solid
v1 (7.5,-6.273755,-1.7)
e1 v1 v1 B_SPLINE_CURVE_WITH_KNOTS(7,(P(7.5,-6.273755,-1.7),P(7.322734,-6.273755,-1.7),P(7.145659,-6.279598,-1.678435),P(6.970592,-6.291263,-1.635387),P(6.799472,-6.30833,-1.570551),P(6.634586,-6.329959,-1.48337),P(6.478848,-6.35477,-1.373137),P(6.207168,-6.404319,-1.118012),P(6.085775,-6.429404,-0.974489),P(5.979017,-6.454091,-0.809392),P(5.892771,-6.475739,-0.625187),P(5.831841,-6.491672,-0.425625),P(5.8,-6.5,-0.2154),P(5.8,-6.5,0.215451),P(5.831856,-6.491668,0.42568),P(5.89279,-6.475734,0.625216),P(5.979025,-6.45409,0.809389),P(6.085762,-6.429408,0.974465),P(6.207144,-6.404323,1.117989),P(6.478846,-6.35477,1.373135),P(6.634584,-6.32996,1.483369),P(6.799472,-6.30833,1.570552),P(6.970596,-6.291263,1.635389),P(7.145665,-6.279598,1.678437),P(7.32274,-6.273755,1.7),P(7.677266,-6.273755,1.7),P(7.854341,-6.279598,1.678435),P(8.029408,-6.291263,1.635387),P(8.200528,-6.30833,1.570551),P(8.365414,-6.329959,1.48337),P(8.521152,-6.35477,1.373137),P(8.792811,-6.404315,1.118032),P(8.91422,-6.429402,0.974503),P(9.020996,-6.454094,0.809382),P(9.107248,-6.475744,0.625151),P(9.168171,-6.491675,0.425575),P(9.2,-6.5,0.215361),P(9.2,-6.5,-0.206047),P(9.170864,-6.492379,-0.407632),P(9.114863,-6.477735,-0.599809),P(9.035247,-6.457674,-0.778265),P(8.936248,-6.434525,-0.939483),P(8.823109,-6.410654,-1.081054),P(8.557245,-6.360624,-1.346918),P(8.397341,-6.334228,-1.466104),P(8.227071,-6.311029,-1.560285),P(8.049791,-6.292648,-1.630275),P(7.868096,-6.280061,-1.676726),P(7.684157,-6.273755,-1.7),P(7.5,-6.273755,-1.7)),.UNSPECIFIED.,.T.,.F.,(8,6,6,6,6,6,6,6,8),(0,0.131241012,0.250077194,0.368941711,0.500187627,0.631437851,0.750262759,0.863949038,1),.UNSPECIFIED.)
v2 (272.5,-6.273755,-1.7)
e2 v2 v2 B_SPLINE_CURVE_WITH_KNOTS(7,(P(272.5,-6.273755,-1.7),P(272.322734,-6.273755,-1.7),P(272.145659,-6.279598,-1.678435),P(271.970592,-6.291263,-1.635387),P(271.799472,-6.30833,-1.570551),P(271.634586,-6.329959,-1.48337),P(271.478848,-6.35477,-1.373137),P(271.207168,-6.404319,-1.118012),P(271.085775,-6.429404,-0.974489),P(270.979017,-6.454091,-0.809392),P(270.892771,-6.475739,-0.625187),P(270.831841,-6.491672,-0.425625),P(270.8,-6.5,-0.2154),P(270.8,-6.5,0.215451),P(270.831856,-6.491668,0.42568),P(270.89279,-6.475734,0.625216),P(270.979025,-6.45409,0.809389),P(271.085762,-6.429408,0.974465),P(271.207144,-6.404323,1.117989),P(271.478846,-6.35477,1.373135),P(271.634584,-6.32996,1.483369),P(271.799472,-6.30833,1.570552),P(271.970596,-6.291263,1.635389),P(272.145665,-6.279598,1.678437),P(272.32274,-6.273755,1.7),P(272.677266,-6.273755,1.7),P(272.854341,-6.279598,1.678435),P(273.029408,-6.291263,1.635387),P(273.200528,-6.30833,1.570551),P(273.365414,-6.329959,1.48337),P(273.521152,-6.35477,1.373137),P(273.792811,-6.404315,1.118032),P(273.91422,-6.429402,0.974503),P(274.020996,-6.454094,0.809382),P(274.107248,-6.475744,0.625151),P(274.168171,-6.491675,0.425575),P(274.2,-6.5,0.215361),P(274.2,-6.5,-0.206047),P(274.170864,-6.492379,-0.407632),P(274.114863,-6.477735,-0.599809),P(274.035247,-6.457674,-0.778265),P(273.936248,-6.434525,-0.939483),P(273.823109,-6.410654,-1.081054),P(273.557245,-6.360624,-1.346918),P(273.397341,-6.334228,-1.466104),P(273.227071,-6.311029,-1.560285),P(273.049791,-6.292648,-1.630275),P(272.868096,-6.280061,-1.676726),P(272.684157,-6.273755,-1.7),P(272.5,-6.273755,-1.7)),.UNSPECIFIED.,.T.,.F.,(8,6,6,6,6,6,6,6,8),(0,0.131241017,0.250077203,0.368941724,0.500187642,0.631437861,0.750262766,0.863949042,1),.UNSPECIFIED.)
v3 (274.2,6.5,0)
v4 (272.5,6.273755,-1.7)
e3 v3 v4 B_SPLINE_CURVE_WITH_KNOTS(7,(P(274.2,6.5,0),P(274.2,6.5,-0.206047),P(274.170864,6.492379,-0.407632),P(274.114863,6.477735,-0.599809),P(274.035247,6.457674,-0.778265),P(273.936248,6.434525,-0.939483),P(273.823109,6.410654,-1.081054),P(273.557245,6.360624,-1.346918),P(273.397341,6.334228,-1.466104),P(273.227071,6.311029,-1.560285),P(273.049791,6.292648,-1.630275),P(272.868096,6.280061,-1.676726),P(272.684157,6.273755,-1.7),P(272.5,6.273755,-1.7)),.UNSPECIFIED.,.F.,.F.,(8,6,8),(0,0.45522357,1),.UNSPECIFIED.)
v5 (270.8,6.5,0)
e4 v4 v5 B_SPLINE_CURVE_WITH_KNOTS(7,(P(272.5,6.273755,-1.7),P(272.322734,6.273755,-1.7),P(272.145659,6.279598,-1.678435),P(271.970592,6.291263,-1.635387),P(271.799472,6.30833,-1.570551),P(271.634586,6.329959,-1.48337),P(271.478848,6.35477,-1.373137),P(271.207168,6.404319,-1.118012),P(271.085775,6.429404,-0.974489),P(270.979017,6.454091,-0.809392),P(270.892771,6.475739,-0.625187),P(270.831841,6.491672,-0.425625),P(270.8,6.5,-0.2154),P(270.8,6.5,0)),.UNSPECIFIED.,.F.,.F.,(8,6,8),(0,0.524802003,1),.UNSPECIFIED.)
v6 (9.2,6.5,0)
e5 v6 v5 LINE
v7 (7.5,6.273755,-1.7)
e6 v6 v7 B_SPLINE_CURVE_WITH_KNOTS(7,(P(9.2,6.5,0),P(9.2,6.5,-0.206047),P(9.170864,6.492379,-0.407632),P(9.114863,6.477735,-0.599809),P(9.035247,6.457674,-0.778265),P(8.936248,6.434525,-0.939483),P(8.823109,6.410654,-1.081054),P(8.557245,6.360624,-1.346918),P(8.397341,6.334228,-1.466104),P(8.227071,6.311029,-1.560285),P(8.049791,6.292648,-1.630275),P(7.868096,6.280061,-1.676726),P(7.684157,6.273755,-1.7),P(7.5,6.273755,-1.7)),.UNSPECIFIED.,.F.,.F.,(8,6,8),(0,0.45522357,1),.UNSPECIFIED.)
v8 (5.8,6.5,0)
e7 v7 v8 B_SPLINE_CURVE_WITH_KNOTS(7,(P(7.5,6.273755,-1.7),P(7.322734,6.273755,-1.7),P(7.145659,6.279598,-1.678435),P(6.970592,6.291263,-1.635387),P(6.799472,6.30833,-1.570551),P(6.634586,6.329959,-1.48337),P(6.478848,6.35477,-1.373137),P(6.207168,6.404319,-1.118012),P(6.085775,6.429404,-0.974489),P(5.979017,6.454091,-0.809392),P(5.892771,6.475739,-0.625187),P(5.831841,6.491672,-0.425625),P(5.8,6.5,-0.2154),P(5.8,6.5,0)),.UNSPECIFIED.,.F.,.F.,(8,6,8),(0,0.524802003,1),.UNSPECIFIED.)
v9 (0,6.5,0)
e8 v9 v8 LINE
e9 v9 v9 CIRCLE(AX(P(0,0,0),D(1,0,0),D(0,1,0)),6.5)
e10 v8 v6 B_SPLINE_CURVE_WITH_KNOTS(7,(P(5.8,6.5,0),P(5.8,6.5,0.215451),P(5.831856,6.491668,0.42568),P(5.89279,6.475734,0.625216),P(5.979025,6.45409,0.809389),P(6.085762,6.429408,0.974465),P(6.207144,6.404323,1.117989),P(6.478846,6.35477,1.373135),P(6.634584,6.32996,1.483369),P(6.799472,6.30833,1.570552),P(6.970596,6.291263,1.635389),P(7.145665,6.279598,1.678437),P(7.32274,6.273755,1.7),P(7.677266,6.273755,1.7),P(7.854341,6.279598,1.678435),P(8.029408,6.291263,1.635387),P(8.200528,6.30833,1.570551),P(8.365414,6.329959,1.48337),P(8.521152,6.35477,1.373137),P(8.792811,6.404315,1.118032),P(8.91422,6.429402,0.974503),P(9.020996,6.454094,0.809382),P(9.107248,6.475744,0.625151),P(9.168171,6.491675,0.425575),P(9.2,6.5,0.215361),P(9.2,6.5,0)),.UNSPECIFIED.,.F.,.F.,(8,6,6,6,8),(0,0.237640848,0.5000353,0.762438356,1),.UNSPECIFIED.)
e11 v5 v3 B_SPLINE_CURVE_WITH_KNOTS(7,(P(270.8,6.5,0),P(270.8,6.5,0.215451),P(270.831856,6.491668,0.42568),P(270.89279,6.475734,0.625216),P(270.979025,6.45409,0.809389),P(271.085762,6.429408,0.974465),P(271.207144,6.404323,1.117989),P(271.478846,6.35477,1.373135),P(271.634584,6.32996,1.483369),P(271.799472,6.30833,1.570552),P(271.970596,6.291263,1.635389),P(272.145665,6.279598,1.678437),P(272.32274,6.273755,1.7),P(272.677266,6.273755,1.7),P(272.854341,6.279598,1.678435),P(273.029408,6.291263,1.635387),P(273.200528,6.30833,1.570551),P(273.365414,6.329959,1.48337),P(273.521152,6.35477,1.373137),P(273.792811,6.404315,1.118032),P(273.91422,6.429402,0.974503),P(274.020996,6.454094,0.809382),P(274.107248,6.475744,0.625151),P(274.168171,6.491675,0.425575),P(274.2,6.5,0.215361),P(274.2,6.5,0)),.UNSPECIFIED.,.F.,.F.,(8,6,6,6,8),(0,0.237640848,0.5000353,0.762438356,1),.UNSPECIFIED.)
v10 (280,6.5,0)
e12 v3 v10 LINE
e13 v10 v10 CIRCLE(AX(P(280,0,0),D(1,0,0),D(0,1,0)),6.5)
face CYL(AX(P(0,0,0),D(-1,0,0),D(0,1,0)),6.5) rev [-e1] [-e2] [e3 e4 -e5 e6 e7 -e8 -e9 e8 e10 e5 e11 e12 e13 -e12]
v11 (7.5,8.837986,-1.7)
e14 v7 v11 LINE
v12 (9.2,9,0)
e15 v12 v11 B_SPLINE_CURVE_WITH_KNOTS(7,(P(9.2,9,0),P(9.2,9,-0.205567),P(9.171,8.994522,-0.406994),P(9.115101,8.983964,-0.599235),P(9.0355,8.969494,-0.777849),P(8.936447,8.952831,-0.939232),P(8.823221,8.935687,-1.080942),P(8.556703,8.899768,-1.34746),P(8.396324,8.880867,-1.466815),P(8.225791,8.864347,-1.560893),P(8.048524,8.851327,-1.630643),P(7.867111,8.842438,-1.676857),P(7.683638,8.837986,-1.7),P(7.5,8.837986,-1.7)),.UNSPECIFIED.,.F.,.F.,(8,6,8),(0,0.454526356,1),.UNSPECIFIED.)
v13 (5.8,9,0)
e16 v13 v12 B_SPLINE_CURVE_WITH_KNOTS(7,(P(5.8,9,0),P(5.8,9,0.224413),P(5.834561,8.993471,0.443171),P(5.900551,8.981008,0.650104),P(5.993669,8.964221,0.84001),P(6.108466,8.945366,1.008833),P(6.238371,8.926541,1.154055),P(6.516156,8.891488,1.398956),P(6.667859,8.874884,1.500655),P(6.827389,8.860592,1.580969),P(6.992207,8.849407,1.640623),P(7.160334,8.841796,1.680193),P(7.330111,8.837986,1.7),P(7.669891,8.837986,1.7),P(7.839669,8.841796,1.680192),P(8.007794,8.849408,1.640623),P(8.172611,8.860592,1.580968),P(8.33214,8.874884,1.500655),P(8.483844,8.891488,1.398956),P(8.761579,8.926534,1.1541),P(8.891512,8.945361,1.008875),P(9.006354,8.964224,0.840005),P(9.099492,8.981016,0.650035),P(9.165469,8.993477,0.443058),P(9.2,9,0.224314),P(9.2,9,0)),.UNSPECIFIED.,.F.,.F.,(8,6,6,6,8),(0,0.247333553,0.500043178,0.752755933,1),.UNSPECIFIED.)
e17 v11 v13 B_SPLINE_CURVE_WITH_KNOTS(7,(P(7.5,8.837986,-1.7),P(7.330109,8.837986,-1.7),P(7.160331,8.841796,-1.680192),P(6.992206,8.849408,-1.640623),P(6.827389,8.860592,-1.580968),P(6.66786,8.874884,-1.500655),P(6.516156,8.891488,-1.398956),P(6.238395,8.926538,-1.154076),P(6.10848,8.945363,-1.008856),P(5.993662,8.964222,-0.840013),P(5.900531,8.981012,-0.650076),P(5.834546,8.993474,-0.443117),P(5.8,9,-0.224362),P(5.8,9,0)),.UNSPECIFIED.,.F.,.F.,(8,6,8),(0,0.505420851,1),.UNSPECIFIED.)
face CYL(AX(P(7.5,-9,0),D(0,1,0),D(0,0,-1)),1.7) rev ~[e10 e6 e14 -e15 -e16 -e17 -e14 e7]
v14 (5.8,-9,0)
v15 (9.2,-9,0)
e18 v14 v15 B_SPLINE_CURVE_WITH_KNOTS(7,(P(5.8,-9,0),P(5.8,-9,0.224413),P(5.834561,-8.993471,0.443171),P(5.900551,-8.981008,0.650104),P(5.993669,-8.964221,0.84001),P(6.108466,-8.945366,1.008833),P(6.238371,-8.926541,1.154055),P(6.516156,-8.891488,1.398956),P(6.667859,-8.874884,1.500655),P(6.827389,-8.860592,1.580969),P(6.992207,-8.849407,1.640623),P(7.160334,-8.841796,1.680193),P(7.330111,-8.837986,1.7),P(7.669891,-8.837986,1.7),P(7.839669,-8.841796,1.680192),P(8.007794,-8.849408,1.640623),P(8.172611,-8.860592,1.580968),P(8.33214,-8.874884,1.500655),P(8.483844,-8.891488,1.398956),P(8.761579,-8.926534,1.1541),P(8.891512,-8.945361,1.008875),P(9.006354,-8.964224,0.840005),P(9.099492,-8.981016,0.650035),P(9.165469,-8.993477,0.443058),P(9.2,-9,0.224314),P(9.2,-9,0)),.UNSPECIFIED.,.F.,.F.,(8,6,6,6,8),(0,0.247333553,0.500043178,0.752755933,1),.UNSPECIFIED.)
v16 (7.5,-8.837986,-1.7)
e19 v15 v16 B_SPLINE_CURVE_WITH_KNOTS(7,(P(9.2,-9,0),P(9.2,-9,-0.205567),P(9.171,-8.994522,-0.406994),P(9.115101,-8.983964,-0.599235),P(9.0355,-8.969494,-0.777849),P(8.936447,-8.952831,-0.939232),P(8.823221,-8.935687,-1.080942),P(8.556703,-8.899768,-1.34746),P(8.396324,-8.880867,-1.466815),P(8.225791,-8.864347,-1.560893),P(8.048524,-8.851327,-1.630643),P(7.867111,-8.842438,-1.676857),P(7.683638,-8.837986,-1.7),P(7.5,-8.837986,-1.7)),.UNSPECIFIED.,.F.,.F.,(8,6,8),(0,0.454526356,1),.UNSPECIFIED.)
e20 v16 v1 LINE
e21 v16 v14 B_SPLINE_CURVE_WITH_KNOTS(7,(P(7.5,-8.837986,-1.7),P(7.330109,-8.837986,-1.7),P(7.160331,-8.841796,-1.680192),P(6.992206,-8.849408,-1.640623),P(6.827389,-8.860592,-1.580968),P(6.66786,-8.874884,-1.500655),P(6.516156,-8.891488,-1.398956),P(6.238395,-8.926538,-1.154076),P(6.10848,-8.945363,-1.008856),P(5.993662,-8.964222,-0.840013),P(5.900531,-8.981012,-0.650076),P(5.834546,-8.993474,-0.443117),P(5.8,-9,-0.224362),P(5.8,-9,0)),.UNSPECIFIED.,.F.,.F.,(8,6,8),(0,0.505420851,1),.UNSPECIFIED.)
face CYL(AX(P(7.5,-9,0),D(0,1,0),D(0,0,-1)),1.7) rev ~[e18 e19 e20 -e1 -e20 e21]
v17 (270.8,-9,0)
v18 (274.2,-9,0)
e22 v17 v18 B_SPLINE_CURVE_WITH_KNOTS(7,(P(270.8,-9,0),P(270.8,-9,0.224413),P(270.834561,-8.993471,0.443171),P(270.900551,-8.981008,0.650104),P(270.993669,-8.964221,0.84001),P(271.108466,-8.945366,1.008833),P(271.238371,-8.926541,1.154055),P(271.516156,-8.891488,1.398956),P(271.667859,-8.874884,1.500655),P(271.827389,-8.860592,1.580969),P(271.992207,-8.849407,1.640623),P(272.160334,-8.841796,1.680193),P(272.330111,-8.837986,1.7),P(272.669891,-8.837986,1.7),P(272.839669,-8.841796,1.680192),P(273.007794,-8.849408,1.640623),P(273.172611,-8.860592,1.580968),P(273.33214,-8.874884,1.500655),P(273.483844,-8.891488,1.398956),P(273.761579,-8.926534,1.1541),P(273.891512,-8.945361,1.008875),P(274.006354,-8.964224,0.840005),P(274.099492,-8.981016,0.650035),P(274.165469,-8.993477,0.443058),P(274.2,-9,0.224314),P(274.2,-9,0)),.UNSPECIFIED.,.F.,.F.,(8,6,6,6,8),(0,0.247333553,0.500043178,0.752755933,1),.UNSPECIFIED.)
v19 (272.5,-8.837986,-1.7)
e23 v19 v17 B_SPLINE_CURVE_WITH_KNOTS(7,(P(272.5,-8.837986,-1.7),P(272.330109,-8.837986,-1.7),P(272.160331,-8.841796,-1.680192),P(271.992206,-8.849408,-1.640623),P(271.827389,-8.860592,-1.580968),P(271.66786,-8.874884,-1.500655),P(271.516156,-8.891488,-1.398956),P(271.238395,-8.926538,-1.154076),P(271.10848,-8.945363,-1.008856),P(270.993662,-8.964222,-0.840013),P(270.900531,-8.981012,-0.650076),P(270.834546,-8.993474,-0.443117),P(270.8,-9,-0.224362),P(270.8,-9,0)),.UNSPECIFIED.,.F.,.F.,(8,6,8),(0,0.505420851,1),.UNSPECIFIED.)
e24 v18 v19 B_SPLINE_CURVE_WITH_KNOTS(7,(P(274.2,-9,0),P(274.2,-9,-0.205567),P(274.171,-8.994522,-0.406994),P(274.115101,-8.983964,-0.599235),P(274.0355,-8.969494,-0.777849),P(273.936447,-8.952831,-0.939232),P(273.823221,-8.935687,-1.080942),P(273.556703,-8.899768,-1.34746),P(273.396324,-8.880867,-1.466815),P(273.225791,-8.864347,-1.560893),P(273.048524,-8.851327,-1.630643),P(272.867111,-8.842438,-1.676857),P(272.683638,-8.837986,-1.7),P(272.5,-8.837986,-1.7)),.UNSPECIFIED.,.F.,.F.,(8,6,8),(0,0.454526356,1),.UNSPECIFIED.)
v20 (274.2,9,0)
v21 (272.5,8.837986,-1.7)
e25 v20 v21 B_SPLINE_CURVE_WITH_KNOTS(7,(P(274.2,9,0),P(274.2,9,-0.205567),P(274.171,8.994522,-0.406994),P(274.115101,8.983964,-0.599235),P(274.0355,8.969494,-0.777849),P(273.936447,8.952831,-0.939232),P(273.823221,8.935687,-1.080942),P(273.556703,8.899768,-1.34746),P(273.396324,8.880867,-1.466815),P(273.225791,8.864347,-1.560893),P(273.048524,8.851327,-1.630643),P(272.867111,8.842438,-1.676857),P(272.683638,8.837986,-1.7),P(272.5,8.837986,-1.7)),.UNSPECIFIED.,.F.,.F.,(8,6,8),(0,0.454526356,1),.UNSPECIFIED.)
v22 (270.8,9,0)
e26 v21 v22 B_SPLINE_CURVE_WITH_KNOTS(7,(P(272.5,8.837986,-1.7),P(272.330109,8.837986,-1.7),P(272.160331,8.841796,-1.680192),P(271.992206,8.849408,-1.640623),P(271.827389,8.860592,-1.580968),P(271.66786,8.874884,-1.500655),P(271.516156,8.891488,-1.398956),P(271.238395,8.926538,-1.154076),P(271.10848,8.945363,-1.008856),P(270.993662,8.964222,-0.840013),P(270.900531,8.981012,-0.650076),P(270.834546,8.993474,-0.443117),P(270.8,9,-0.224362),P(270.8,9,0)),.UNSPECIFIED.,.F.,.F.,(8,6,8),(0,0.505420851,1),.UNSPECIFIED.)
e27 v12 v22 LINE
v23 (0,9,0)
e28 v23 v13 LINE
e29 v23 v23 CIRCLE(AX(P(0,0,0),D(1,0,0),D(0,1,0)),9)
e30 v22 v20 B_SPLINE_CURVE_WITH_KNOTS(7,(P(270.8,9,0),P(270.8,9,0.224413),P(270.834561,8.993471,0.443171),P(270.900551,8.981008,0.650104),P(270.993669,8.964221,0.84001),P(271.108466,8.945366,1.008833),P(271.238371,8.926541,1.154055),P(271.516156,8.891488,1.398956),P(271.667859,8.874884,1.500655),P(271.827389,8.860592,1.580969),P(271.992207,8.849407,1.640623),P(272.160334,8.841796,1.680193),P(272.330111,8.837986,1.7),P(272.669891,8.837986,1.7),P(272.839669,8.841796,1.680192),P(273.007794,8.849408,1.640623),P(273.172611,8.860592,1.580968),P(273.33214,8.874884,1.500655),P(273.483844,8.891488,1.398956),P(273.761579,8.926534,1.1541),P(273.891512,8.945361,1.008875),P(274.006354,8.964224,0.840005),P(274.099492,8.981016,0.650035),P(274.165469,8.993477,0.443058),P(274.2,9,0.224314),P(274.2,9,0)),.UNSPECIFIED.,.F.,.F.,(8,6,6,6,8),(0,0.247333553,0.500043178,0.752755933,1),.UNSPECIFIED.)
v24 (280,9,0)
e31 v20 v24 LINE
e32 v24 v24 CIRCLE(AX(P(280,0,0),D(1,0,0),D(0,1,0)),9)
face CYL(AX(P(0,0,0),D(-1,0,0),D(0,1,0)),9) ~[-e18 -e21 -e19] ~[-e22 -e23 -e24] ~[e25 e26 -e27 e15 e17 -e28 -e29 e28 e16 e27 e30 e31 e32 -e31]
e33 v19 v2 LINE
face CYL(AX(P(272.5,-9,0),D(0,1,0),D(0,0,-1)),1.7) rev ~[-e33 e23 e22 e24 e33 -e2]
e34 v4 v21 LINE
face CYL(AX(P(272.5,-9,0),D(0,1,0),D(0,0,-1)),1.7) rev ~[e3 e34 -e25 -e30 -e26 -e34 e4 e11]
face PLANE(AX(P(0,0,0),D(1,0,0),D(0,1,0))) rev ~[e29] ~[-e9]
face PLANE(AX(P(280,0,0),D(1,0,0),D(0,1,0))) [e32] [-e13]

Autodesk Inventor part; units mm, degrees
ref_plane "YZ Plane" through (0, 0, 0) normal (1, 0, 0) x (0, 1, 0)
ref_plane "XY Plane" through (0, 0, 0) normal (0, 0, 1) x (1, 0, 0)
sketch "スケッチ1" plane through (0, 0, 0) normal (1, 0, 0) x (0, 1, 0)
  circle A0 centre (0, 0) radius 9
  circle A1 centre (0, 0) radius 6.5
  dimension "d0" = 18
  dimension "d1" = 13
extrude "押し出し1" add sketch "スケッチ1" along normal blind 280
ref_plane "作業平面1" through (0, -9, 0) normal (0, 1, 0) x (-1, 0, 0)
sketch "スケッチ2" plane through (0, -9, 0) normal (0, 1, 0) x (-1, 0, 0)
  line L0 (0, 9) -> (0, -9) projected
  line L1 (-280, 9) -> (-280, -9) projected
  point P0 (0, 0)
  point P1 (-7.5, 0)
  point P2 (-272.5, 0)
  dimension "d4" = 7.5
  dimension "d5" = 7.5
hole "穴1" at (7.5, -9, 0) at (272.5, -9, 0) direction (0, 1, 0) diameter 3.4 end through all
properties part number "roller-hand-v1-roller" material "PVC 配管"
